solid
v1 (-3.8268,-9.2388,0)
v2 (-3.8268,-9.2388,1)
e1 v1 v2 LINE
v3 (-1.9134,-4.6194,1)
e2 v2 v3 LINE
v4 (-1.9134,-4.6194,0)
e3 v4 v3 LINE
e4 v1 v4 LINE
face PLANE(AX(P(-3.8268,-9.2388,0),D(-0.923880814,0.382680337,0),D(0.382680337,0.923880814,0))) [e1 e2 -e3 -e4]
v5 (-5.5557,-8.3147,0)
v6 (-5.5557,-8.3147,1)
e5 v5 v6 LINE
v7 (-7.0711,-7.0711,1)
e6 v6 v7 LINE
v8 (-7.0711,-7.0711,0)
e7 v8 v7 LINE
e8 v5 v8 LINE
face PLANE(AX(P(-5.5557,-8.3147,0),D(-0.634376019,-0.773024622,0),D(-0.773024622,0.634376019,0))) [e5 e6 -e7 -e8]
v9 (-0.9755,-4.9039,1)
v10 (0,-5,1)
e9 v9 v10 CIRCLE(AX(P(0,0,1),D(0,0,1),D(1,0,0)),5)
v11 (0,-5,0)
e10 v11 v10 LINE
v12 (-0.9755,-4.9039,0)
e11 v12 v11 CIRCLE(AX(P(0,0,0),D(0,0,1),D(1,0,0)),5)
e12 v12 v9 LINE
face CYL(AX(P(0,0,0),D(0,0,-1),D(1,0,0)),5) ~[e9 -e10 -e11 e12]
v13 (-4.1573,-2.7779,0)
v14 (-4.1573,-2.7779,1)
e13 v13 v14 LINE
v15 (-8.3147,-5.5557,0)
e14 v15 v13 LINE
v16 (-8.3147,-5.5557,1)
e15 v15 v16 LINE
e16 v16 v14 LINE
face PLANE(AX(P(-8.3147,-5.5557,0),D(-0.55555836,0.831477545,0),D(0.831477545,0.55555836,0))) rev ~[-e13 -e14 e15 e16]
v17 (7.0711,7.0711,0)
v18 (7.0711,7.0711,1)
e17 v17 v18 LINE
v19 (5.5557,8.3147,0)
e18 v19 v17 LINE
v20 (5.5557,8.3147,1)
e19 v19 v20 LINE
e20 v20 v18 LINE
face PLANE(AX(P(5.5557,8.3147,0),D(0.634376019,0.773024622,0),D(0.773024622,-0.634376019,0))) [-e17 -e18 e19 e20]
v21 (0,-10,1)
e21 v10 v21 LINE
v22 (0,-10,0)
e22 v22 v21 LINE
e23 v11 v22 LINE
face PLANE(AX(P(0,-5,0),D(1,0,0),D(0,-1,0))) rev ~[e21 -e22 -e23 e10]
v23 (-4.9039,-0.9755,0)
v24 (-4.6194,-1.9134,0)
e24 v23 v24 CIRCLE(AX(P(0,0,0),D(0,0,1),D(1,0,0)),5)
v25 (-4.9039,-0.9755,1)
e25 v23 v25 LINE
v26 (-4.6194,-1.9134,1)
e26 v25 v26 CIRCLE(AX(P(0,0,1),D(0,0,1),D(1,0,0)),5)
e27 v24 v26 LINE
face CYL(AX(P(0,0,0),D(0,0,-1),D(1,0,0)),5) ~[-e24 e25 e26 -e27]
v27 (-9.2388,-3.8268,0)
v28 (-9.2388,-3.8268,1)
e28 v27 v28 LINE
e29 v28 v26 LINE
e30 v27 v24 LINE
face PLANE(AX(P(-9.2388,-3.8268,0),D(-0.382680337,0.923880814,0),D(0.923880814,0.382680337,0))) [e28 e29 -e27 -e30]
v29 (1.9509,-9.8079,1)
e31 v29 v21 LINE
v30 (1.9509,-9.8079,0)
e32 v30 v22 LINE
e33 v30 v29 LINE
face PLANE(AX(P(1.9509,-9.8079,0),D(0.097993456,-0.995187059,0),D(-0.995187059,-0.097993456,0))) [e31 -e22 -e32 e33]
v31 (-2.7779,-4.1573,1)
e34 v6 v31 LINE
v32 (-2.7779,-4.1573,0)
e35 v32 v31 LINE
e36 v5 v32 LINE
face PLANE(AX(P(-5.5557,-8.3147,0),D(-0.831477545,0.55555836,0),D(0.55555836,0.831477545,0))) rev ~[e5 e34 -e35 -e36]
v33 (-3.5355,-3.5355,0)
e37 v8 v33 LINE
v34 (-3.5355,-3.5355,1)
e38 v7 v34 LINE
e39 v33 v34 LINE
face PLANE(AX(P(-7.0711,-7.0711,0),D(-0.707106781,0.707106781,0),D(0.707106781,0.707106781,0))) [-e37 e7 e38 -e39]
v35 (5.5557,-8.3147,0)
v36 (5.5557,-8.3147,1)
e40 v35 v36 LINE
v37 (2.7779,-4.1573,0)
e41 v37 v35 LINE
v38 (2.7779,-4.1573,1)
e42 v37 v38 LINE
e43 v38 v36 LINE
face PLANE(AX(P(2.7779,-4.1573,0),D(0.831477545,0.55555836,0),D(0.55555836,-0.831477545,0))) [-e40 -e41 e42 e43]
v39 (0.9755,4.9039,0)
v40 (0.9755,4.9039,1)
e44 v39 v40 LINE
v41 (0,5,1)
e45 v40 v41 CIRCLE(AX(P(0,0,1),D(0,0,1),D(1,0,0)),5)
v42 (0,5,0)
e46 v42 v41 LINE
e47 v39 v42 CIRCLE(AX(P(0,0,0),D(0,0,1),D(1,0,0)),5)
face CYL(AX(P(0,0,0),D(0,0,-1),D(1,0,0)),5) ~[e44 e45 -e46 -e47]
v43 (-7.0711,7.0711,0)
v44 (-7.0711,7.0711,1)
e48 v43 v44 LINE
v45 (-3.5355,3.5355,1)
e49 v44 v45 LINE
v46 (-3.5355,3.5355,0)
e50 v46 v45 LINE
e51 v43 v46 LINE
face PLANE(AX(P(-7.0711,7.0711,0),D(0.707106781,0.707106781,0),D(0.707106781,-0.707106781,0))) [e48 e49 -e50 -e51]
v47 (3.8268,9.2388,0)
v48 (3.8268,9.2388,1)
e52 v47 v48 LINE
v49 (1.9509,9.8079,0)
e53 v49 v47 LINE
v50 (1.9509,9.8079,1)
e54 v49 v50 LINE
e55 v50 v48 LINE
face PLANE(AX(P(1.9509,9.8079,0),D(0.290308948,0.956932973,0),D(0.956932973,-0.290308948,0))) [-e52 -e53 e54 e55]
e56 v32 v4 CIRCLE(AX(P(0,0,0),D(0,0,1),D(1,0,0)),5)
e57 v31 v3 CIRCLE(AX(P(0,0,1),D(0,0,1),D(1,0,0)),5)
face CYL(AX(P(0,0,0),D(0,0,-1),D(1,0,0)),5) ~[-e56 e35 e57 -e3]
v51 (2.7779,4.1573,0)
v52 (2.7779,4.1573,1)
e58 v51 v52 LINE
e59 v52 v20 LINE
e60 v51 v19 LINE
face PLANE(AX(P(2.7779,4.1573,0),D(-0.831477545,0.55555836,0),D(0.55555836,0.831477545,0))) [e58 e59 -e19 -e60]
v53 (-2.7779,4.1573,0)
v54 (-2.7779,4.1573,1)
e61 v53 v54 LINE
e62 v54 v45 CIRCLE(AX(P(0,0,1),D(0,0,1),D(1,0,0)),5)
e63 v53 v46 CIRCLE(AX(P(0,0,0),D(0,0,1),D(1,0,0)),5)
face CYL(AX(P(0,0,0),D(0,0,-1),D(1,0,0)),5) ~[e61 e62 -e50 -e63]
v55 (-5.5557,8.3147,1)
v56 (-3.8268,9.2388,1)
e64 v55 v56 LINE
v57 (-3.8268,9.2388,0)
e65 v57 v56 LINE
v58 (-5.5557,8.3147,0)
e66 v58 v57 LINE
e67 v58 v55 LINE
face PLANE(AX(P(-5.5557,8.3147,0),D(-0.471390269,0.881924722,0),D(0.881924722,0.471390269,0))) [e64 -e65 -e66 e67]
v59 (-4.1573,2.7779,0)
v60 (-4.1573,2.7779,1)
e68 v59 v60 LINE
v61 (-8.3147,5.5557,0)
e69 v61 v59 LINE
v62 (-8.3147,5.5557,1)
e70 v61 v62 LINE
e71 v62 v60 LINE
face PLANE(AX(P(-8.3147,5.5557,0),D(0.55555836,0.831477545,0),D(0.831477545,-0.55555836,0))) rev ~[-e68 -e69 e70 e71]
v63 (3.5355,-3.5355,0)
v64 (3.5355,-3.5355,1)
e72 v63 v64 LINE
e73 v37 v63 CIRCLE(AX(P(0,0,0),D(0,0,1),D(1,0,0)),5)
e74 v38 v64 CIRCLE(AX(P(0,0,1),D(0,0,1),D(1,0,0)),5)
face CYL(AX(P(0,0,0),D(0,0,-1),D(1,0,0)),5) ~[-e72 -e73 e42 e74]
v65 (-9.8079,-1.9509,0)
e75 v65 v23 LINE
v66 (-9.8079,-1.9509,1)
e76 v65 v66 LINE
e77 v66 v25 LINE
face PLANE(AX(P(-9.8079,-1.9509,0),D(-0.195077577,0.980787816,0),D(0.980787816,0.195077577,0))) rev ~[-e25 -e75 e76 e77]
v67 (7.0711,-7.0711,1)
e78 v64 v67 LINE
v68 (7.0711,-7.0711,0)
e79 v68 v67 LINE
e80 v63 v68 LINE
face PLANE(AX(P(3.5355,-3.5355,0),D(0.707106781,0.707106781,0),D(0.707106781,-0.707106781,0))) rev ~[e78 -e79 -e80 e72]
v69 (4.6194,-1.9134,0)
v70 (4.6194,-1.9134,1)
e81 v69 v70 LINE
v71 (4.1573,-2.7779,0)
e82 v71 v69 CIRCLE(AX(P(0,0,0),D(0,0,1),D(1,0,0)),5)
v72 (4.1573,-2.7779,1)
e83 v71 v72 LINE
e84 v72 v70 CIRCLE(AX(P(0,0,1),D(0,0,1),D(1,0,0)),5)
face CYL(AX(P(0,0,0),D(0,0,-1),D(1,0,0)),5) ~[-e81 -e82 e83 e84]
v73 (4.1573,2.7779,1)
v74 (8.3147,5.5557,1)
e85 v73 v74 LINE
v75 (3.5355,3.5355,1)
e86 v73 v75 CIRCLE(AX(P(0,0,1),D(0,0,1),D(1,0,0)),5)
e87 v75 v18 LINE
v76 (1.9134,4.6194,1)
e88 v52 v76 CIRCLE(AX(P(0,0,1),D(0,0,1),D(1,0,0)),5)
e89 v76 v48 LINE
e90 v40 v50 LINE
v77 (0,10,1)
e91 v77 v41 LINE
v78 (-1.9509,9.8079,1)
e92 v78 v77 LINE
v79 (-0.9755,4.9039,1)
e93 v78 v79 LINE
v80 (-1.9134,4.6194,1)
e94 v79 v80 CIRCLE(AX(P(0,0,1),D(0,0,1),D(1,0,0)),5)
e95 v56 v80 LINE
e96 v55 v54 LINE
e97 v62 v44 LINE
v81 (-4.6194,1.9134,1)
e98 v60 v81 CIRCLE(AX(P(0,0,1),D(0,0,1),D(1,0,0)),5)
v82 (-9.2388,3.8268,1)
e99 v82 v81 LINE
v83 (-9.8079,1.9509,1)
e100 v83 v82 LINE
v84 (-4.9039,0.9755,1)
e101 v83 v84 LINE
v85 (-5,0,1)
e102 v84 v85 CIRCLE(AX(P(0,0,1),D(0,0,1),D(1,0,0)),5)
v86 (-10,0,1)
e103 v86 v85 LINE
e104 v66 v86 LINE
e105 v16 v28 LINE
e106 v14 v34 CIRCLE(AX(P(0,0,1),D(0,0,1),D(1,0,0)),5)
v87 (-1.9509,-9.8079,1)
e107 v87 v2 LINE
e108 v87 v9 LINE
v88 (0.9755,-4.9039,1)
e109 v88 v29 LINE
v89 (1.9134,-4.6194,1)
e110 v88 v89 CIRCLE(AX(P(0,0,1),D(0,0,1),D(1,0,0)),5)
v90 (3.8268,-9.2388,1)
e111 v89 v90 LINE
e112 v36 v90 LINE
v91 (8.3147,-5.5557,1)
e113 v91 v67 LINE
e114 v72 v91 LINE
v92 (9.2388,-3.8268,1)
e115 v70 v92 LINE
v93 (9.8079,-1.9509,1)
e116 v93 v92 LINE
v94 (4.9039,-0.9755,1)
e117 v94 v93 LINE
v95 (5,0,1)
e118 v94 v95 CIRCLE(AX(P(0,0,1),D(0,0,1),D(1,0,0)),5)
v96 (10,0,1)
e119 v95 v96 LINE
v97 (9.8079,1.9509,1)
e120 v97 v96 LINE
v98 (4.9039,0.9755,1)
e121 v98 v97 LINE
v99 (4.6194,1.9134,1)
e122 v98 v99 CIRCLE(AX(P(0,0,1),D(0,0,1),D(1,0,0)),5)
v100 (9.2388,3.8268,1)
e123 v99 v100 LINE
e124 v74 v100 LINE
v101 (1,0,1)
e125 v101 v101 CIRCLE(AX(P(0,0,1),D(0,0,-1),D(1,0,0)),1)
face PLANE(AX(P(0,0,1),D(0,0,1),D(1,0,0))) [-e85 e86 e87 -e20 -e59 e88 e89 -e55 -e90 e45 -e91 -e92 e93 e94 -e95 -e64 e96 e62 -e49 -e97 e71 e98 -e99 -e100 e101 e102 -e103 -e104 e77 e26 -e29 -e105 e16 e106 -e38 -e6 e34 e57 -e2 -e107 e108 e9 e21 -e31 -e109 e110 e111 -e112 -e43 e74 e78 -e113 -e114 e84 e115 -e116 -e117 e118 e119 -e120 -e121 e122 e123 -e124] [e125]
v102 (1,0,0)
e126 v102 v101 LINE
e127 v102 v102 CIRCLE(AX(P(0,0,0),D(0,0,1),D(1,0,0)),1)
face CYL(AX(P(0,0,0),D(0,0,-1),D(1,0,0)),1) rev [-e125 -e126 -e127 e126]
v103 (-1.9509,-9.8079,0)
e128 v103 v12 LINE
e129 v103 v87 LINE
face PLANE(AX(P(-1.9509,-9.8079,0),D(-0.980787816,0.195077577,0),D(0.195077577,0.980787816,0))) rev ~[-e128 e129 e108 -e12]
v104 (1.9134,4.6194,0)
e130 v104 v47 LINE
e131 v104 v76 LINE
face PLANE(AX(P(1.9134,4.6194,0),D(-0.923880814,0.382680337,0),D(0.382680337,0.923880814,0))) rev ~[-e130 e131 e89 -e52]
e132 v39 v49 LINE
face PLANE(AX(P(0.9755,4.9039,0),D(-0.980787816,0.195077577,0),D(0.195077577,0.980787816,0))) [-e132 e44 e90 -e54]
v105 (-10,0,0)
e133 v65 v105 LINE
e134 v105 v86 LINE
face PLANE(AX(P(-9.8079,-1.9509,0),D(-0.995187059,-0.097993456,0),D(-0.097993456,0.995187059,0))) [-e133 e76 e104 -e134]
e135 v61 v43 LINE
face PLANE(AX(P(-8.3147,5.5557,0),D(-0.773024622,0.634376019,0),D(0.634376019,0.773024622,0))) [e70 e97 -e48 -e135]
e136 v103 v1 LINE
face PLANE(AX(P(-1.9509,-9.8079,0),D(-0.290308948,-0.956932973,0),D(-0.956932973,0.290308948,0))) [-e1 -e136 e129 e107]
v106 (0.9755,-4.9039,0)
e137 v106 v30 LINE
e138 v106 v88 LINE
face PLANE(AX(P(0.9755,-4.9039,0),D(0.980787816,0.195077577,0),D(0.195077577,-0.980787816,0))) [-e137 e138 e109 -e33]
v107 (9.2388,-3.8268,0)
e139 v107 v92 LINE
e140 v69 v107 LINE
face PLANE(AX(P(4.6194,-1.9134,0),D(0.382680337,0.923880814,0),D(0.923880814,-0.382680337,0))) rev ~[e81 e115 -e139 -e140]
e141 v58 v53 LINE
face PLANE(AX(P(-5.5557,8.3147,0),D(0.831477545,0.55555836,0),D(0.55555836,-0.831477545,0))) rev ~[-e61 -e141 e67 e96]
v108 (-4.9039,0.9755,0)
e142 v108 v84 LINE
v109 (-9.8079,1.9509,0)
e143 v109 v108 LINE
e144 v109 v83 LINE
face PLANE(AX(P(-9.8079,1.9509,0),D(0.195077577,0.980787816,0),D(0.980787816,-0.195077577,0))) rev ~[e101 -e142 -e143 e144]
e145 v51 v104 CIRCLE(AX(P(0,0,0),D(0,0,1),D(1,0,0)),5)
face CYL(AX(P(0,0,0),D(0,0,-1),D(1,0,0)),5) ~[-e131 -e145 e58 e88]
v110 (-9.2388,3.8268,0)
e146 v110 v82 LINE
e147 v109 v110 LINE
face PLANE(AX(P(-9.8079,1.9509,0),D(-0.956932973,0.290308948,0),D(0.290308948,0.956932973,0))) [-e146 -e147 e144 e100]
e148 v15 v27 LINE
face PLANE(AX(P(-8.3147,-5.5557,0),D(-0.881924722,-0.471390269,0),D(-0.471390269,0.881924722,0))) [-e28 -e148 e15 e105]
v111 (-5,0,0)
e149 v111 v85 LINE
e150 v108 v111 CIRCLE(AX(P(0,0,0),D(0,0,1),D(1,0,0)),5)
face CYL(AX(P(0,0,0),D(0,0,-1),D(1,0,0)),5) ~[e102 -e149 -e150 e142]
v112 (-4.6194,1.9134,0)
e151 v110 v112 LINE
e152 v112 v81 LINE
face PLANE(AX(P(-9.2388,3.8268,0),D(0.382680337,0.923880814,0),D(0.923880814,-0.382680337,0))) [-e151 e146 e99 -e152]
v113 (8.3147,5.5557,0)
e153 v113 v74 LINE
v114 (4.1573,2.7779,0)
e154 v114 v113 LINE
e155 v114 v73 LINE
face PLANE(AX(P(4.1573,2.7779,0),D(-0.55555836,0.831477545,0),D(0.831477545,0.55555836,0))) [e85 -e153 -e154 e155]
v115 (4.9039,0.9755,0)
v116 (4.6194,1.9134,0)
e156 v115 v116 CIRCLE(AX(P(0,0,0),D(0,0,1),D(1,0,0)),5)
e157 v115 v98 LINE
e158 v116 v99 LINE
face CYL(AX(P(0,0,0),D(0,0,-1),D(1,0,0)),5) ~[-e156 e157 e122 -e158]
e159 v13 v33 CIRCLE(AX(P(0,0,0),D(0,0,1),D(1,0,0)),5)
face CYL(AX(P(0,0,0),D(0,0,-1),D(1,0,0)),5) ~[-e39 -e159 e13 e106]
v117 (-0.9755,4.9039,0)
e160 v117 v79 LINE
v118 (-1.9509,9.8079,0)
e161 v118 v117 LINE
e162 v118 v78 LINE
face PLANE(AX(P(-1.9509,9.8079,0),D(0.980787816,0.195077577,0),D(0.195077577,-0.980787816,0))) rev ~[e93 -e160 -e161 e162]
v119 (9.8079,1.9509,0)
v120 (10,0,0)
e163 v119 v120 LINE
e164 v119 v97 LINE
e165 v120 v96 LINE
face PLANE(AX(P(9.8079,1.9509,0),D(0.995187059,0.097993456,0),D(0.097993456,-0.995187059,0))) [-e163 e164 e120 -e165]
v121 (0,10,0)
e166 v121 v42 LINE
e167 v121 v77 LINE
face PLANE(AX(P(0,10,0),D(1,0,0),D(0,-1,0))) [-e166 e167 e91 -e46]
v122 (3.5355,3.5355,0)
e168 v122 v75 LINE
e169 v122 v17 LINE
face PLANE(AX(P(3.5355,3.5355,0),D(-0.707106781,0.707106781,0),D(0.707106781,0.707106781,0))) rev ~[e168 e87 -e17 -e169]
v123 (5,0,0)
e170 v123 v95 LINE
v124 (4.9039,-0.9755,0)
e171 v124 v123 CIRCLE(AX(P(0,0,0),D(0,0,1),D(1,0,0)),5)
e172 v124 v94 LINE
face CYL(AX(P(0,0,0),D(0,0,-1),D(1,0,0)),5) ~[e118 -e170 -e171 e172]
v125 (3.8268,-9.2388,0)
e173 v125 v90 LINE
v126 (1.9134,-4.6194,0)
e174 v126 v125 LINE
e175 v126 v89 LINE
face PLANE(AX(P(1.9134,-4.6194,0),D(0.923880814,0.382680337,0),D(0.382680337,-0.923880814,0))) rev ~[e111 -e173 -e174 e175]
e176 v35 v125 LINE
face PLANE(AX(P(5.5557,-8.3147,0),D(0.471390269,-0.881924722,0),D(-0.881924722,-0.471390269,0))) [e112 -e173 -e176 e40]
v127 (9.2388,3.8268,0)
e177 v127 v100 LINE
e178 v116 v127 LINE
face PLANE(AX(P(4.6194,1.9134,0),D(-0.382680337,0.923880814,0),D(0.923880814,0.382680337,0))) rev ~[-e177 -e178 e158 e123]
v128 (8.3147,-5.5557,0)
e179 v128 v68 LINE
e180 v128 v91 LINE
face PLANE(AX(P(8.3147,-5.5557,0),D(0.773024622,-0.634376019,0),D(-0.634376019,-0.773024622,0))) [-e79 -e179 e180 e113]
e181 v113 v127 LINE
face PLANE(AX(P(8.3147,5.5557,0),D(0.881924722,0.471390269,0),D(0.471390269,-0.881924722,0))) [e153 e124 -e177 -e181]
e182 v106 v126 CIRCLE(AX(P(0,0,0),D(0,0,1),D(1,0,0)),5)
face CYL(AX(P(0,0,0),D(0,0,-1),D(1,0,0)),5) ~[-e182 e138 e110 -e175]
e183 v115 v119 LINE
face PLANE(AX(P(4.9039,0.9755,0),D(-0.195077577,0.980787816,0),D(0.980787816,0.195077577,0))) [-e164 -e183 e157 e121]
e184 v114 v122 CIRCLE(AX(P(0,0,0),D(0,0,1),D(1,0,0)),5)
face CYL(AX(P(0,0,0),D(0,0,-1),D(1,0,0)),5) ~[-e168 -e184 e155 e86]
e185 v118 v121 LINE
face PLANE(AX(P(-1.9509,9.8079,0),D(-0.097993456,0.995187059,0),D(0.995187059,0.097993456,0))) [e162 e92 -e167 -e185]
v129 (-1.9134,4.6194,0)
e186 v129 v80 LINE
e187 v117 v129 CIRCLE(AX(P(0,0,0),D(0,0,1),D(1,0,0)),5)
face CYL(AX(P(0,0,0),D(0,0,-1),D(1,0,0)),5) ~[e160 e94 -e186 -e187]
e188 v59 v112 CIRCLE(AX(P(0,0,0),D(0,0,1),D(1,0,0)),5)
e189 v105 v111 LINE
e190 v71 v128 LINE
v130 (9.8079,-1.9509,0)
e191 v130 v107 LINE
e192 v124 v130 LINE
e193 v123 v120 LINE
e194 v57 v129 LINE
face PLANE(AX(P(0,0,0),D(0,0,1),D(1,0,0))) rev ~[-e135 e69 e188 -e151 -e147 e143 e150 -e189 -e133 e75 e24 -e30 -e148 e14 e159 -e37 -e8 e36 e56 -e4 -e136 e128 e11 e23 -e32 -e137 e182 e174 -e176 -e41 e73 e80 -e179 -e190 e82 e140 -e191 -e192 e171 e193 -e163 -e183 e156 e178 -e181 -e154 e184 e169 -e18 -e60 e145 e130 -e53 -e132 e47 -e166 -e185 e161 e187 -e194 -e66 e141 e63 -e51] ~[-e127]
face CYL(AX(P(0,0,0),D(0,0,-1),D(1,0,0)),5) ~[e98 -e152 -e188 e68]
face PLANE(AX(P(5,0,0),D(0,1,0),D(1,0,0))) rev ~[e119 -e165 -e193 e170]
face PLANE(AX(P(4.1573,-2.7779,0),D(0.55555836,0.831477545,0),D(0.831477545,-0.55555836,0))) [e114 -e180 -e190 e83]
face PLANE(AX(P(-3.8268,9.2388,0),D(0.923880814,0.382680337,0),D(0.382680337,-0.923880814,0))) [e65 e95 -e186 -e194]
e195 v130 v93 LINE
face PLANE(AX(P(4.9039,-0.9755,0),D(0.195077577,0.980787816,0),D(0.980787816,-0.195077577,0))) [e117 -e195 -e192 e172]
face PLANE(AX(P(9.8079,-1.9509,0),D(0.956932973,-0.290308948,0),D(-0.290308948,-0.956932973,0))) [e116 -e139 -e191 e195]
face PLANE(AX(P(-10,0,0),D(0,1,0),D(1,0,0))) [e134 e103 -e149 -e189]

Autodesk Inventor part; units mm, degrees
ref_plane "YZ Plane" through (0, 0, 0) normal (1, 0, 0) x (0, 1, 0)
ref_plane "XZ Plane" through (0, 0, 0) normal (0, 1, 0) x (-1, 0, 0)
ref_plane "XY Plane" through (0, 0, 0) normal (0, 0, 1) x (1, 0, 0)
sketch "Sketch1" plane through (0, 0, 0) normal (0, 0, 1) x (1, 0, 0)
  circle A0 centre (0, 0) radius 1
  circle A1 centre (0, 0) radius 5
  line L0 (1.9509, 9.8079) -> (3.8268, 9.2388)
  line L1 (5.5557, 8.3147) -> (7.0711, 7.0711)
  line L2 (8.3147, 5.5557) -> (9.2388, 3.8268)
  line L3 (9.8079, 1.9509) -> (10, 0)
  line L4 (9.8079, -1.9509) -> (9.2388, -3.8268)
  line L5 (8.3147, -5.5557) -> (7.0711, -7.0711)
  line L6 (5.5557, -8.3147) -> (3.8268, -9.2388)
  line L7 (1.9509, -9.8079) -> (0, -10)
  line L8 (-1.9509, -9.8079) -> (-3.8268, -9.2388)
  line L9 (-5.5557, -8.3147) -> (-7.0711, -7.0711)
  line L10 (-8.3147, -5.5557) -> (-9.2388, -3.8268)
  line L11 (-9.8079, -1.9509) -> (-10, 0)
  line L12 (-9.8079, 1.9509) -> (-9.2388, 3.8268)
  line L13 (-8.3147, 5.5557) -> (-7.0711, 7.0711)
  line L14 (-5.5557, 8.3147) -> (-3.8268, 9.2388)
  line L15 (-1.9509, 9.8079) -> (0, 10)
  line L16 (-3.8268, 9.2388) -> (-1.9134, 4.6194)
  line L17 (-5.5557, 8.3147) -> (-2.7779, 4.1573)
  line L18 (-9.2388, -3.8268) -> (-4.6194, -1.9134)
  line L19 (-8.3147, -5.5557) -> (-4.1573, -2.7779)
  line L20 (-7.0711, -7.0711) -> (-3.5355, -3.5355)
  line L21 (-5.5557, -8.3147) -> (-2.7779, -4.1573)
  line L22 (-1.9509, -9.8079) -> (-0.9755, -4.9039)
  line L23 (-3.8268, -9.2388) -> (-1.9134, -4.6194)
  line L24 (0, -5) -> (0, -10)
  line L25 (0.9755, -4.9039) -> (1.9509, -9.8079)
  line L26 (-0.3827, 0.9239) -> (0.3827, -0.9239)
  line L27 (1.9134, -4.6194) -> (3.8268, -9.2388)
  line L28 (-0.5556, 0.8315) -> (0.5556, -0.8315)
  line L29 (2.7779, -4.1573) -> (5.5557, -8.3147)
  line L30 (3.5355, -3.5355) -> (7.0711, -7.0711)
  line L31 (4.1573, -2.7779) -> (8.3147, -5.5557)
  line L32 (4.6194, -1.9134) -> (9.2388, -3.8268)
  line L33 (4.9039, -0.9755) -> (9.8079, -1.9509)
  line L34 (5, 0) -> (10, 0)
  line L35 (4.9039, 0.9755) -> (9.8079, 1.9509)
  line L36 (-0.9239, -0.3827) -> (0.9239, 0.3827)
  line L37 (4.6194, 1.9134) -> (9.2388, 3.8268)
  line L38 (-0.8315, -0.5556) -> (0.8315, 0.5556)
  line L39 (4.1573, 2.7779) -> (8.3147, 5.5557)
  line L40 (-0.7071, -0.7071) -> (0.7071, 0.7071)
  line L41 (3.5355, 3.5355) -> (7.0711, 7.0711)
  line L42 (-0.5556, -0.8315) -> (0.5556, 0.8315)
  line L43 (2.7779, 4.1573) -> (5.5557, 8.3147)
  line L44 (-0.3827, -0.9239) -> (0.3827, 0.9239)
  line L45 (1.9134, 4.6194) -> (3.8268, 9.2388)
  line L46 (-0.1951, -0.9808) -> (0.1951, 0.9808)
  line L47 (0.9755, 4.9039) -> (1.9509, 9.8079)
  line L48 (0, 10) -> (0, 5)
  line L49 (0, 1) -> (0, -1)
  line L50 (-1.9509, 9.8079) -> (-0.9755, 4.9039)
  line L51 (-0.1951, 0.9808) -> (0.1951, -0.9808)
  line L52 (-7.0711, 7.0711) -> (-3.5355, 3.5355)
  line L53 (-0.7071, 0.7071) -> (0.7071, -0.7071)
  line L54 (-8.3147, 5.5557) -> (-4.1573, 2.7779)
  line L55 (-0.8315, 0.5556) -> (0.8315, -0.5556)
  line L56 (-9.2388, 3.8268) -> (-4.6194, 1.9134)
  line L57 (-0.9239, 0.3827) -> (0.9239, -0.3827)
  line L58 (-0.9808, 0.1951) -> (0.9808, -0.1951)
  line L59 (-10, 0) -> (-5, 0)
  line L60 (-1, 0) -> (1, 0)
  line L61 (-9.8079, -1.9509) -> (-4.9039, -0.9755)
  line L62 (-0.9808, -0.1951) -> (0.9808, 0.1951)
  line L63 (-9.8079, 1.9509) -> (-4.9039, 0.9755)
  line L64 (-0.9808, 0.1951) -> (0, 0)
  dimension "d1" = 2
extrude "Extrusion2" add sketch "Sketch1" along normal blind 1
properties part number "encoder"
